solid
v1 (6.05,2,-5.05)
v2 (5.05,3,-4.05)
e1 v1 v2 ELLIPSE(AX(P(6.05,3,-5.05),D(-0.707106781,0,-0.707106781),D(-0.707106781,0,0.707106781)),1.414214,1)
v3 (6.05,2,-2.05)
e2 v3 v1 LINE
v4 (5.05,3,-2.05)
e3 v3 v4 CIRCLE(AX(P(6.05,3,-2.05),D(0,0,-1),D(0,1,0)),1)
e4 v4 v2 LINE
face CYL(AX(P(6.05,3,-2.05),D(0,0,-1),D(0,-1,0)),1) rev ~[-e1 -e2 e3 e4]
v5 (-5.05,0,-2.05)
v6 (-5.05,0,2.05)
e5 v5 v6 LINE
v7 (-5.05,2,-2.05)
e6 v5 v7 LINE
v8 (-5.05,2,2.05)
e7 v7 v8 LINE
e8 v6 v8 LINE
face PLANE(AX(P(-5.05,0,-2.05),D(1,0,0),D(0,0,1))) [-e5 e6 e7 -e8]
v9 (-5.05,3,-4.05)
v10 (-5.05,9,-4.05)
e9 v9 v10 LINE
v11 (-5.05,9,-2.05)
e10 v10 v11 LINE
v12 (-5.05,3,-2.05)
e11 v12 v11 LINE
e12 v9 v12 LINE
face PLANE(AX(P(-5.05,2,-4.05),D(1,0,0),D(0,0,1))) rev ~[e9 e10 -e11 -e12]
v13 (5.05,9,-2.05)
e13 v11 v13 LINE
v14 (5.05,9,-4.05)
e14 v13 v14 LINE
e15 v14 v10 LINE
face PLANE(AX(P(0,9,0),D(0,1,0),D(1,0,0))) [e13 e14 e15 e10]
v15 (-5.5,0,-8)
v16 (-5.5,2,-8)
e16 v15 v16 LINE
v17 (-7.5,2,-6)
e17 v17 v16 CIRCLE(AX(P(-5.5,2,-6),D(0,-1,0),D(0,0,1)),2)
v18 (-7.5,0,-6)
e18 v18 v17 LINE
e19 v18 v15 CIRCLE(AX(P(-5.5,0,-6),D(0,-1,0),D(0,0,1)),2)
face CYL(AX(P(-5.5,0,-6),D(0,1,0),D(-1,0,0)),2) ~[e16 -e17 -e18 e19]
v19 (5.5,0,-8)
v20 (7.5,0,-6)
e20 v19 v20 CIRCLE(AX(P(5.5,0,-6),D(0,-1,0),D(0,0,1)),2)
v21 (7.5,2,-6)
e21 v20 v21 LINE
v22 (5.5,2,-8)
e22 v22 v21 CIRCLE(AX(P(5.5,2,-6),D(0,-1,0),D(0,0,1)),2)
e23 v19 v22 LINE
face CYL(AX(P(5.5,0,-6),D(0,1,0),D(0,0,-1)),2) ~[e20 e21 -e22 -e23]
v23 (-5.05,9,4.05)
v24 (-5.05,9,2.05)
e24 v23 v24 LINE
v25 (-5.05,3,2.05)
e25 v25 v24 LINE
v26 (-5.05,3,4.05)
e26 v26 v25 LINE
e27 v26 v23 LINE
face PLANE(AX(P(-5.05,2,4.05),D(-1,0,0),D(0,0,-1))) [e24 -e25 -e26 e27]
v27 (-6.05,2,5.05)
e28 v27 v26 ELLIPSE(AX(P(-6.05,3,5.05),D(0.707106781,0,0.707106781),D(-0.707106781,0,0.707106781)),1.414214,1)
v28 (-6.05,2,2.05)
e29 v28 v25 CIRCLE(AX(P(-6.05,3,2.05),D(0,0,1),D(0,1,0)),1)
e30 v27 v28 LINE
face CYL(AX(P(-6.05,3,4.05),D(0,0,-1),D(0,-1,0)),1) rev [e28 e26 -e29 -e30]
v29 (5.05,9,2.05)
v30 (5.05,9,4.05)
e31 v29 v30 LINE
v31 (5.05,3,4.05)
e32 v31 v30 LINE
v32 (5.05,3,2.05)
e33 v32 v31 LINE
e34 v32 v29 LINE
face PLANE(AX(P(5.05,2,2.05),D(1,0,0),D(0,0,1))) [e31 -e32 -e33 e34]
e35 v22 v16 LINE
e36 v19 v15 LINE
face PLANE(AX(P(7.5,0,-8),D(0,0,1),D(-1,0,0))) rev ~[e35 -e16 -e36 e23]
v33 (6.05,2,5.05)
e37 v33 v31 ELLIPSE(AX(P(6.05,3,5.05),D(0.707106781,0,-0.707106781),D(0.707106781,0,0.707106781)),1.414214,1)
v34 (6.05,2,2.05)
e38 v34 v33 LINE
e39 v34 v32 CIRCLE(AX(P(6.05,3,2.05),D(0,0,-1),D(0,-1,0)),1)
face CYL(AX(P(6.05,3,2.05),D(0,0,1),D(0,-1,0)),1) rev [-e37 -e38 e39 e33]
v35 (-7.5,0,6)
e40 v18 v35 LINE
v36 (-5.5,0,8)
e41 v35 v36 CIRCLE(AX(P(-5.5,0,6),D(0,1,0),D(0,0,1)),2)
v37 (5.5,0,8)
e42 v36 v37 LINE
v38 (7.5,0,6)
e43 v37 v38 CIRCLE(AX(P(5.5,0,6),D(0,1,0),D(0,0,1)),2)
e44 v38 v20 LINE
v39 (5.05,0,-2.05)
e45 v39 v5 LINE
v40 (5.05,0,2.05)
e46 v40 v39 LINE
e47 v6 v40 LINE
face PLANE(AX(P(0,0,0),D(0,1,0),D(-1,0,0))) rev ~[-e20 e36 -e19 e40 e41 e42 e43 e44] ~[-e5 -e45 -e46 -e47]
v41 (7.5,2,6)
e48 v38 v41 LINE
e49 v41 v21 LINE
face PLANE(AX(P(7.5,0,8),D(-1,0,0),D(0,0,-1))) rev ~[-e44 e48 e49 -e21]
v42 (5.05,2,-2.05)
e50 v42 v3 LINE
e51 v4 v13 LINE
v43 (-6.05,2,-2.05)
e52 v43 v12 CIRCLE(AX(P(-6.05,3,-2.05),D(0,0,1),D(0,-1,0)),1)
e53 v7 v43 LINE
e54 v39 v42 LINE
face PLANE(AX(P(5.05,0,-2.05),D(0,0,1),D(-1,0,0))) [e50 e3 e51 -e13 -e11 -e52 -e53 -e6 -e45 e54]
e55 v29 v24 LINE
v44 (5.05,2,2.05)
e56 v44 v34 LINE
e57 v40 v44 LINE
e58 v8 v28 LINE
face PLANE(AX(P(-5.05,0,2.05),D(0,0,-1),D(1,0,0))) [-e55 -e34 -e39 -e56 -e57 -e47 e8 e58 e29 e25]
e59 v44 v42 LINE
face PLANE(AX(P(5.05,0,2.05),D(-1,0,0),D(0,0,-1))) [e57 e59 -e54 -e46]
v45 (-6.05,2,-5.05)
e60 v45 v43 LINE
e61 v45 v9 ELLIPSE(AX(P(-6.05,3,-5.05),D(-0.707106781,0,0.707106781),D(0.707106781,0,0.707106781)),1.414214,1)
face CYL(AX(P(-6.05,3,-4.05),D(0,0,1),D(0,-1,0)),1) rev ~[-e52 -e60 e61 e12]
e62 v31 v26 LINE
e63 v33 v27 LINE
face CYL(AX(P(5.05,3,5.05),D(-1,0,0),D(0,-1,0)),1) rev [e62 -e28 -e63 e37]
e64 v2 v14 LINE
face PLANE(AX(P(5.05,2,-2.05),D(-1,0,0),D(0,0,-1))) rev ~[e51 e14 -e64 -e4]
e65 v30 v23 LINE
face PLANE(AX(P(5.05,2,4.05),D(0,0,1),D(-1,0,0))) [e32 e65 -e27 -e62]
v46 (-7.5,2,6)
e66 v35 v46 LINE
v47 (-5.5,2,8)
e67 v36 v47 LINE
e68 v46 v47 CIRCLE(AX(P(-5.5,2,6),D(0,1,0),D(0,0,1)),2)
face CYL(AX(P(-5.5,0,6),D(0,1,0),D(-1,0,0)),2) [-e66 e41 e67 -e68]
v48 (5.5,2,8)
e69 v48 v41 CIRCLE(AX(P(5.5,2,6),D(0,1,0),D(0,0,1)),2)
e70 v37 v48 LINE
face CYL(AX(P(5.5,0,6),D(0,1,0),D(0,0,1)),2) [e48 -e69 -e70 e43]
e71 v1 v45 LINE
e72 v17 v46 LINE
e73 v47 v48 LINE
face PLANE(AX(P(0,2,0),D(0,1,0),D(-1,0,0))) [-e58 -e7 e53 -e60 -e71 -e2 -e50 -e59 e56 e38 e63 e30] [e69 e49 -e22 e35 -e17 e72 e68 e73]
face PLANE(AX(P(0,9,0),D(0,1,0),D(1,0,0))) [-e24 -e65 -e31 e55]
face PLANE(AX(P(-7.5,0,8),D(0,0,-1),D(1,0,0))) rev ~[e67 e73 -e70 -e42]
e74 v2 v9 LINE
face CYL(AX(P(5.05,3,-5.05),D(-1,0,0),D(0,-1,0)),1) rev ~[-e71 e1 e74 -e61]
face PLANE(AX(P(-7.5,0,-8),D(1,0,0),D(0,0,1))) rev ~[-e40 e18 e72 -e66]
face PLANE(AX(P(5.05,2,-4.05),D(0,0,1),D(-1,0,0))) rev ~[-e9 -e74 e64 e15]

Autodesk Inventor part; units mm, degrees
ref_plane "YZ Plane" through (0, 0, 0) normal (1, 0, 0) x (0, 1, 0)
ref_plane "XZ Plane" through (0, 0, 0) normal (0, 1, 0) x (-1, 0, 0)
ref_plane "XY Plane" through (0, 0, 0) normal (0, 0, 1) x (1, 0, 0)
sketch "スケッチ1" plane through (0, 0, 0) normal (0, 1, 0) x (-1, 0, 0)
  line L0 (7.5, 8) -> (-7.5, 8)
  line L1 (-7.5, 8) -> (-7.5, -8)
  line L2 (-7.5, -8) -> (7.5, -8)
  line L3 (7.5, -8) -> (7.5, 8)
  line L4 (7.5, 8) -> (-7.5, -8) construction
  line L5 (-7.5, 8) -> (7.5, -8) construction
  line L6 (5.05, 2.05) -> (-5.05, 2.05)
  line L7 (-5.05, 2.05) -> (-5.05, -2.05)
  line L8 (-5.05, -2.05) -> (5.05, -2.05)
  line L9 (5.05, -2.05) -> (5.05, 2.05)
  line L10 (5.05, 2.05) -> (-5.05, -2.05) construction
  line L11 (-5.05, 2.05) -> (5.05, -2.05) construction
  point P0 (0, 0)
  dimension "d0" = 15
  dimension "d1" = 16
  dimension "d2" = 10.1
  dimension "d3" = 4.1
extrude "押し出し1" add sketch "スケッチ1" along normal blind 2
sketch "スケッチ2" plane through (0, 2, 0) normal (0, 1, 0) x (1, 0, 0)
  line L0 (-5.05, 2.05) -> (5.05, 2.05) projected
  line L1 (-5.05, 2.05) -> (5.05, 2.05)
  line L2 (5.05, 2.05) -> (5.05, 4.05)
  line L3 (5.05, 4.05) -> (-5.05, 4.05)
  line L4 (-5.05, 4.05) -> (-5.05, 2.05)
  line L5 (5.05, -2.05) -> (-5.05, -2.05) projected
  line L6 (-5.05, -2.05) -> (5.05, -2.05)
  line L7 (5.05, -2.05) -> (5.05, -4.05)
  line L8 (5.05, -4.05) -> (-5.05, -4.05)
  line L9 (-5.05, -4.05) -> (-5.05, -2.05)
  point P0 (0, 0)
  point P1 (5.05, 2.05)
  dimension "d6" = 2
  dimension "d7" = 2
extrude "押し出し2" add sketch "スケッチ2" along normal blind 7
fillet "フィレット1" radius 1 6 edges at (5.05, 2, 3.05) (0, 2, 4.05) (-5.05, 2, 3.05) (-5.05, 2, -3.05) (0, 2, -4.05) (5.05, 2, -3.05)
fillet "フィレット2" radius 2 4 edges at (7.5, 1, -8) (-7.5, 1, -8) (-7.5, 1, 8) (7.5, 1, 8)
equation "\"d7\" = d6"
properties part number "LRA_case1"
